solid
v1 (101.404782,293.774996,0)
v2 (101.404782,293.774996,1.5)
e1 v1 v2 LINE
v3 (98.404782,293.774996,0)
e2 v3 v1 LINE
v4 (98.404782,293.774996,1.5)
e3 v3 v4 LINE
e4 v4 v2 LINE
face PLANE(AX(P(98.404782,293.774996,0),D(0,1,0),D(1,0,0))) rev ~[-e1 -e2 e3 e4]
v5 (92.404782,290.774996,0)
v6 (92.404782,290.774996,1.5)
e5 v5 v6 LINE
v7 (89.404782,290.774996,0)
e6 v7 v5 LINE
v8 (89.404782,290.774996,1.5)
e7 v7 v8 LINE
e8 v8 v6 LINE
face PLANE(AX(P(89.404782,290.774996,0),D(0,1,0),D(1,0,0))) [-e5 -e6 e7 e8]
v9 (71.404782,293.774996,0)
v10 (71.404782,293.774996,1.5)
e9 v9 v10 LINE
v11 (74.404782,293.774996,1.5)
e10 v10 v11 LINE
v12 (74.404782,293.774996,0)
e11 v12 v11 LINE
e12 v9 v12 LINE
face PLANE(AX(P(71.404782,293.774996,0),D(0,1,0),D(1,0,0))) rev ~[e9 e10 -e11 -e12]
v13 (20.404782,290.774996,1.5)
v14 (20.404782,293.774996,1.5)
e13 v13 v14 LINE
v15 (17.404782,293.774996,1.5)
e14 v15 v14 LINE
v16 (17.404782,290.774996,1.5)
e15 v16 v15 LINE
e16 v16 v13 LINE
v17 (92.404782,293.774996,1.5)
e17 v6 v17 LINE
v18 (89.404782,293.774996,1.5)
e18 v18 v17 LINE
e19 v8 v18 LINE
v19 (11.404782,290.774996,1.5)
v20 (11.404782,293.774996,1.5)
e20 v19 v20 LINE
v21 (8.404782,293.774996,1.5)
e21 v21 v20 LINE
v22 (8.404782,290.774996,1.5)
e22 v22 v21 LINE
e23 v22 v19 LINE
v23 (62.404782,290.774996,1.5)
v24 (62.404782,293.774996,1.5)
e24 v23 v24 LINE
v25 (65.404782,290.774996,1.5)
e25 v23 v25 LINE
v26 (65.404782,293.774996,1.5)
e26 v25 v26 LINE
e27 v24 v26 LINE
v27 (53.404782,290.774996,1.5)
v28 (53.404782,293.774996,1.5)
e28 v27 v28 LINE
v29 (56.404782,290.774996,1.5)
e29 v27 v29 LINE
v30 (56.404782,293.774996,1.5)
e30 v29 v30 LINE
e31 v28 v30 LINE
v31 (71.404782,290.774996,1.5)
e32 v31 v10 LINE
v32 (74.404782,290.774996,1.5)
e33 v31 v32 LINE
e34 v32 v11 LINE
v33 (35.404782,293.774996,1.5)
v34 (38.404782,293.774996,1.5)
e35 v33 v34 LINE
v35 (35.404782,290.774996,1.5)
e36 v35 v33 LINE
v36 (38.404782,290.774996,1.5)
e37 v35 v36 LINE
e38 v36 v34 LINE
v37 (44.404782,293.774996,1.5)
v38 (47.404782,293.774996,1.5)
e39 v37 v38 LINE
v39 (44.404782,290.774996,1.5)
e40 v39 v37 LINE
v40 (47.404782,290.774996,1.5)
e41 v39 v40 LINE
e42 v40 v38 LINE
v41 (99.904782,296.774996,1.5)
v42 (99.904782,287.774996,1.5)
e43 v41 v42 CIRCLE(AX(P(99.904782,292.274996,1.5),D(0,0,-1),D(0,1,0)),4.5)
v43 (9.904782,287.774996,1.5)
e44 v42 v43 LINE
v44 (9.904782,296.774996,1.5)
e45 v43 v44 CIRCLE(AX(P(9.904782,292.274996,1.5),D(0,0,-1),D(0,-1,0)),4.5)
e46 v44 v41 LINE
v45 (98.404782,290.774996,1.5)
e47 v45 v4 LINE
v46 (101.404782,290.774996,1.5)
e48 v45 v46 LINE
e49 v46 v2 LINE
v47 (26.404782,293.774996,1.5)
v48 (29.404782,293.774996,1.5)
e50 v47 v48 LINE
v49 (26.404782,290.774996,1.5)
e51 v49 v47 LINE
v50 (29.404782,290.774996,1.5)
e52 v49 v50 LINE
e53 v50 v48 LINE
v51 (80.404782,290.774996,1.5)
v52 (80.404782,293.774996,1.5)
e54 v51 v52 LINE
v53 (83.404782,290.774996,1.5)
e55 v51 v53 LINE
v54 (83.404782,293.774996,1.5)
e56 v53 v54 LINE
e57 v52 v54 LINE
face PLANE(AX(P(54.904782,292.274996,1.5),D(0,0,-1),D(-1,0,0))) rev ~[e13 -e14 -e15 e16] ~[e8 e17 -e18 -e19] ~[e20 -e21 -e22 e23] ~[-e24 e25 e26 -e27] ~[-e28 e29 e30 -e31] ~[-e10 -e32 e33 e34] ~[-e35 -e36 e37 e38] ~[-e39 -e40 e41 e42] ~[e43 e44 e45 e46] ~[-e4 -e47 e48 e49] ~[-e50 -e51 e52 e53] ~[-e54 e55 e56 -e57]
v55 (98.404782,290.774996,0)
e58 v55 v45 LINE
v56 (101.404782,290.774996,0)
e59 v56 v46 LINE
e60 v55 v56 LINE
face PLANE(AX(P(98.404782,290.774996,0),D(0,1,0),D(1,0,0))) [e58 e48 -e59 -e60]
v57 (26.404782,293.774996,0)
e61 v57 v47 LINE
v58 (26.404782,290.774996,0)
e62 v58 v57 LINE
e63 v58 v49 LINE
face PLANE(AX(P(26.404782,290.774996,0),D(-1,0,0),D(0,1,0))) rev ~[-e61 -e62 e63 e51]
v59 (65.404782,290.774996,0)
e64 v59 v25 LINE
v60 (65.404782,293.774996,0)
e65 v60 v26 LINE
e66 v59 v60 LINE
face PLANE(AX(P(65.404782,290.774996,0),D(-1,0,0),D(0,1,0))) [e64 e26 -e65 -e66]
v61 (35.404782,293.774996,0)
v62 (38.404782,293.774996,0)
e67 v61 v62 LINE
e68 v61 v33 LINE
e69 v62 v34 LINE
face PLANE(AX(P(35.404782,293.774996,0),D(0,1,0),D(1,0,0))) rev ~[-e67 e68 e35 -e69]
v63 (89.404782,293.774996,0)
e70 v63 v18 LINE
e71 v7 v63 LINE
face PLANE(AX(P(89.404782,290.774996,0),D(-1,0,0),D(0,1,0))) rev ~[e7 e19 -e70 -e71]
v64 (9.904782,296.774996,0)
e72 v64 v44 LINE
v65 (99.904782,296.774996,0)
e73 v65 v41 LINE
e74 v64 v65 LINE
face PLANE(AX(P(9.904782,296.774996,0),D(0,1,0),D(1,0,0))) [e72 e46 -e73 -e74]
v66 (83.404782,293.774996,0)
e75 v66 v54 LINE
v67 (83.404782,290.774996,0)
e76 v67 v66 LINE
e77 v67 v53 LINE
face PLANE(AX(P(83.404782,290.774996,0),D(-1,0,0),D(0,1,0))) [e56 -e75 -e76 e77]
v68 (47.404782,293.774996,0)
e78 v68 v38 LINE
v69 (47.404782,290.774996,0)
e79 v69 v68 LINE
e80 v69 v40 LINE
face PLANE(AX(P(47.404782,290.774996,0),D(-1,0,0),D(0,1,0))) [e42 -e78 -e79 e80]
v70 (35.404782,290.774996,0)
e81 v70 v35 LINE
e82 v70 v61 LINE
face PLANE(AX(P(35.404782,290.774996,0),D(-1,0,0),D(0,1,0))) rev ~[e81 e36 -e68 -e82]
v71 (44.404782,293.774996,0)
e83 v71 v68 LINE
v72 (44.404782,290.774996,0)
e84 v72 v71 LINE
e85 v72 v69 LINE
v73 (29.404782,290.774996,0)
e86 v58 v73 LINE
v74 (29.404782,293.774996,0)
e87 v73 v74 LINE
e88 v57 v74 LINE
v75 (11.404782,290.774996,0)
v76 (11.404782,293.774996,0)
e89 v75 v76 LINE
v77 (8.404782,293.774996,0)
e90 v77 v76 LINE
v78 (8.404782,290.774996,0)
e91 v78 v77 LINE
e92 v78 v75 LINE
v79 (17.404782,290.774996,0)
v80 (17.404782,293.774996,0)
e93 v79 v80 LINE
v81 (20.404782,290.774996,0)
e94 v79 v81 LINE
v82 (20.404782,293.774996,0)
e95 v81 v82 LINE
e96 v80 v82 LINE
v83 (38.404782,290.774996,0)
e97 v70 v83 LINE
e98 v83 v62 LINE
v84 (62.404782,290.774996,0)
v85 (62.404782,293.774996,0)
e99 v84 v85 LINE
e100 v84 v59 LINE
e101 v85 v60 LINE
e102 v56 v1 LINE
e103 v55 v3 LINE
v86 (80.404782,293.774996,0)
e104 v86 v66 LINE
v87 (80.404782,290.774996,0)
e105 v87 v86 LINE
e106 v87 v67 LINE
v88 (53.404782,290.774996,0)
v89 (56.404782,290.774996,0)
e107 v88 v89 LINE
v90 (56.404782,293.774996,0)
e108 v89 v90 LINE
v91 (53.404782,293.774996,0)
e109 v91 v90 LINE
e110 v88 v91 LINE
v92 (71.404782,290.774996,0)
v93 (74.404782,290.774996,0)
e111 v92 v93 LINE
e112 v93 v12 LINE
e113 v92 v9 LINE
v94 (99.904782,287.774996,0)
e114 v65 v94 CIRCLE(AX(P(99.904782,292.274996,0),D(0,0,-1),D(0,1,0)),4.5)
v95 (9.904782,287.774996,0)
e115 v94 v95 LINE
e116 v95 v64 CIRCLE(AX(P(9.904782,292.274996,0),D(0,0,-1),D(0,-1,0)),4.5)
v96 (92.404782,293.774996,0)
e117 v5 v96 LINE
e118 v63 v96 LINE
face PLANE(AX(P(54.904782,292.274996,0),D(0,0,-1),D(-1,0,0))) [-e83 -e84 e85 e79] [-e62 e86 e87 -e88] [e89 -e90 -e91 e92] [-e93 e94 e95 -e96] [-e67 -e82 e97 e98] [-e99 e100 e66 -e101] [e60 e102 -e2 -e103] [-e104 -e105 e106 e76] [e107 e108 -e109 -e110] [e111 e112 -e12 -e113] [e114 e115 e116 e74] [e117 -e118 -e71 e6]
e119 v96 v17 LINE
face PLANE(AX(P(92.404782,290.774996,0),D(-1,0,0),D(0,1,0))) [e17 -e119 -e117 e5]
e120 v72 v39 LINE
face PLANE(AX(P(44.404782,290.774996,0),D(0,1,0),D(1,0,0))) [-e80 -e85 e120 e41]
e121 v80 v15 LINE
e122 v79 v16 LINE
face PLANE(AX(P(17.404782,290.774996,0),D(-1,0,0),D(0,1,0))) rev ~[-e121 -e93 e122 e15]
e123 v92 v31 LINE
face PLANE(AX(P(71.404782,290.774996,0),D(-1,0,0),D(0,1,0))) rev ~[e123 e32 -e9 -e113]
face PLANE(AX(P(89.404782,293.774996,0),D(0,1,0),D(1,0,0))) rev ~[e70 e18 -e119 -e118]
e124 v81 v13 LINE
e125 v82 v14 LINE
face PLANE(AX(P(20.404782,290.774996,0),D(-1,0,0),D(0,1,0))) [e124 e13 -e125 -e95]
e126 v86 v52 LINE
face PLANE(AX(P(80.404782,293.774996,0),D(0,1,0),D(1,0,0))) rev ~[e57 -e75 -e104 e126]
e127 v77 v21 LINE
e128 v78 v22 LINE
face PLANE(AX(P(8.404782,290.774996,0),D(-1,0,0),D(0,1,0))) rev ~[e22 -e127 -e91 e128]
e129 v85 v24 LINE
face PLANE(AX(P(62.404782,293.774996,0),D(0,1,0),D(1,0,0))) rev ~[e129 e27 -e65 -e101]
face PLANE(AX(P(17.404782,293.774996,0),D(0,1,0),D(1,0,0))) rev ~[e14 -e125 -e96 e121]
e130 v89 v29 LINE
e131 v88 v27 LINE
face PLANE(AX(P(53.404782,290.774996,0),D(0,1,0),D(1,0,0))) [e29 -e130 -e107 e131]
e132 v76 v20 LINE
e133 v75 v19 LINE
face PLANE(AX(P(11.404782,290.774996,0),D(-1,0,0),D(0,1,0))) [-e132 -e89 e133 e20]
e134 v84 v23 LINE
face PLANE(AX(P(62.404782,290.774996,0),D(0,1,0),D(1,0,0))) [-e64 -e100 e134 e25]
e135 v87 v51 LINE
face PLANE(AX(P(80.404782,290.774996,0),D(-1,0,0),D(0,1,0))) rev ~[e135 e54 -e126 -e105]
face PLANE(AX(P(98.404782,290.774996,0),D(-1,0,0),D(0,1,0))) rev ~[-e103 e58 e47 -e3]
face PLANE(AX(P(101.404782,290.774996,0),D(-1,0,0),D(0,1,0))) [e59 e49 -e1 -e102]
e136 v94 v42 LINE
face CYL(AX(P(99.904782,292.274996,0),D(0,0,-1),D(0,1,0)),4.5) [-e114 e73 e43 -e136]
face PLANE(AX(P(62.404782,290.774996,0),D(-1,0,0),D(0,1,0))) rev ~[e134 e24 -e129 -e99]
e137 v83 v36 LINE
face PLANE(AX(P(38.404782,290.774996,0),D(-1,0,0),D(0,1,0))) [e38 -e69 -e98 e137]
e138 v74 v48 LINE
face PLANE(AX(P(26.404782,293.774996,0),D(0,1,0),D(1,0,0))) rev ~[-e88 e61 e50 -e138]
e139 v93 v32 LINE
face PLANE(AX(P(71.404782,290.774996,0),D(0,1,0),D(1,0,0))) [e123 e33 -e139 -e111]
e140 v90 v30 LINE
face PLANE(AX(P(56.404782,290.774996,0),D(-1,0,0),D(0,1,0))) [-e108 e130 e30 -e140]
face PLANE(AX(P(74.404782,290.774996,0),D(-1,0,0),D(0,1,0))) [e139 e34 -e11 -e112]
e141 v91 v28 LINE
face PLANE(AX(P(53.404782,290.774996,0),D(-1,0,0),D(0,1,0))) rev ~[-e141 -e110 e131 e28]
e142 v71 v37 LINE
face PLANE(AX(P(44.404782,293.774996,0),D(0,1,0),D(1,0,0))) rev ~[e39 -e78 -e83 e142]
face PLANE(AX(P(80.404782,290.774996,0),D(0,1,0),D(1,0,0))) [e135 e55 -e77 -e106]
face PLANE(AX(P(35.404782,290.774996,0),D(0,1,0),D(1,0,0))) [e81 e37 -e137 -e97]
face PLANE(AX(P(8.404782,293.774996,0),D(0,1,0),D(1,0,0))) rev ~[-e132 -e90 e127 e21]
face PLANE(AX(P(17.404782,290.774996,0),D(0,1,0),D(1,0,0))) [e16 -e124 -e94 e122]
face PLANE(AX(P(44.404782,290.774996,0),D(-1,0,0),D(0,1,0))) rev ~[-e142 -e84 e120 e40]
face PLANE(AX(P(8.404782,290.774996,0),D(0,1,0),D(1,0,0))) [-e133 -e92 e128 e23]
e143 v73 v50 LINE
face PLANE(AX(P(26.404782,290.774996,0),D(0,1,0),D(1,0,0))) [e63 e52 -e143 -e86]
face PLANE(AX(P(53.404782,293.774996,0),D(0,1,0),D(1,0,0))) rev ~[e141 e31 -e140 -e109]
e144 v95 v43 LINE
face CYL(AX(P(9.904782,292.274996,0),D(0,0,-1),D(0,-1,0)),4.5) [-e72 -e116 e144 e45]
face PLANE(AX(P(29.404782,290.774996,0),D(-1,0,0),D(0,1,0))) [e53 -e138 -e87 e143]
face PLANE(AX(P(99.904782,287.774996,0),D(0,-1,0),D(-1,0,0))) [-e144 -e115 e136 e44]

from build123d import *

# Parameters (mm, degrees)
MODEL_W                 = 3
MODEL_H                 = 3
SALIENTE_EXTRUIR1_DEPTH = 1.5


with BuildPart() as part:
    # Model → Saliente-Extruir1 (new body)
    with BuildSketch(Plane.XY):
        with BuildLine():
            Line((9.904781567, 296.774995526), (99.904781567, 296.774995526))
            ThreePointArc((99.904781567, 296.774995526), (104.404781567, 292.274995526), (99.904781567, 287.774995526))
            Line((99.904781567, 287.774995526), (9.904781567, 287.774995526))
            ThreePointArc((9.904781567, 287.774995526), (5.404781567, 292.274995526), (9.904781567, 296.774995526))
        make_face()
        with Locations((9.904781567, 292.274995526)):
            Rectangle(MODEL_W, MODEL_H, mode=Mode.SUBTRACT)
        with Locations((18.904781567, 292.274995526)):
            Rectangle(MODEL_W, MODEL_H, mode=Mode.SUBTRACT)
        with Locations((27.904781567, 292.274995526)):
            Rectangle(MODEL_W, MODEL_H, mode=Mode.SUBTRACT)
        with Locations((36.904781567, 292.274995526)):
            Rectangle(MODEL_W, MODEL_H, mode=Mode.SUBTRACT)
        with Locations((45.904781567, 292.274995526)):
            Rectangle(MODEL_W, MODEL_H, mode=Mode.SUBTRACT)
        with Locations((54.904781567, 292.274995526)):
            Rectangle(MODEL_W, MODEL_H, mode=Mode.SUBTRACT)
        with Locations((63.904781567, 292.274995526)):
            Rectangle(MODEL_W, MODEL_H, mode=Mode.SUBTRACT)
        with Locations((72.904781567, 292.274995526)):
            Rectangle(MODEL_W, MODEL_H, mode=Mode.SUBTRACT)
        with Locations((81.904781567, 292.274995526)):
            Rectangle(MODEL_W, MODEL_H, mode=Mode.SUBTRACT)
        with Locations((90.904781567, 292.274995526)):
            Rectangle(MODEL_W, MODEL_H, mode=Mode.SUBTRACT)
        with Locations((99.904781567, 292.274995526)):
            Rectangle(MODEL_W, MODEL_H, mode=Mode.SUBTRACT)
    extrude(amount=SALIENTE_EXTRUIR1_DEPTH)


solid = part.part
